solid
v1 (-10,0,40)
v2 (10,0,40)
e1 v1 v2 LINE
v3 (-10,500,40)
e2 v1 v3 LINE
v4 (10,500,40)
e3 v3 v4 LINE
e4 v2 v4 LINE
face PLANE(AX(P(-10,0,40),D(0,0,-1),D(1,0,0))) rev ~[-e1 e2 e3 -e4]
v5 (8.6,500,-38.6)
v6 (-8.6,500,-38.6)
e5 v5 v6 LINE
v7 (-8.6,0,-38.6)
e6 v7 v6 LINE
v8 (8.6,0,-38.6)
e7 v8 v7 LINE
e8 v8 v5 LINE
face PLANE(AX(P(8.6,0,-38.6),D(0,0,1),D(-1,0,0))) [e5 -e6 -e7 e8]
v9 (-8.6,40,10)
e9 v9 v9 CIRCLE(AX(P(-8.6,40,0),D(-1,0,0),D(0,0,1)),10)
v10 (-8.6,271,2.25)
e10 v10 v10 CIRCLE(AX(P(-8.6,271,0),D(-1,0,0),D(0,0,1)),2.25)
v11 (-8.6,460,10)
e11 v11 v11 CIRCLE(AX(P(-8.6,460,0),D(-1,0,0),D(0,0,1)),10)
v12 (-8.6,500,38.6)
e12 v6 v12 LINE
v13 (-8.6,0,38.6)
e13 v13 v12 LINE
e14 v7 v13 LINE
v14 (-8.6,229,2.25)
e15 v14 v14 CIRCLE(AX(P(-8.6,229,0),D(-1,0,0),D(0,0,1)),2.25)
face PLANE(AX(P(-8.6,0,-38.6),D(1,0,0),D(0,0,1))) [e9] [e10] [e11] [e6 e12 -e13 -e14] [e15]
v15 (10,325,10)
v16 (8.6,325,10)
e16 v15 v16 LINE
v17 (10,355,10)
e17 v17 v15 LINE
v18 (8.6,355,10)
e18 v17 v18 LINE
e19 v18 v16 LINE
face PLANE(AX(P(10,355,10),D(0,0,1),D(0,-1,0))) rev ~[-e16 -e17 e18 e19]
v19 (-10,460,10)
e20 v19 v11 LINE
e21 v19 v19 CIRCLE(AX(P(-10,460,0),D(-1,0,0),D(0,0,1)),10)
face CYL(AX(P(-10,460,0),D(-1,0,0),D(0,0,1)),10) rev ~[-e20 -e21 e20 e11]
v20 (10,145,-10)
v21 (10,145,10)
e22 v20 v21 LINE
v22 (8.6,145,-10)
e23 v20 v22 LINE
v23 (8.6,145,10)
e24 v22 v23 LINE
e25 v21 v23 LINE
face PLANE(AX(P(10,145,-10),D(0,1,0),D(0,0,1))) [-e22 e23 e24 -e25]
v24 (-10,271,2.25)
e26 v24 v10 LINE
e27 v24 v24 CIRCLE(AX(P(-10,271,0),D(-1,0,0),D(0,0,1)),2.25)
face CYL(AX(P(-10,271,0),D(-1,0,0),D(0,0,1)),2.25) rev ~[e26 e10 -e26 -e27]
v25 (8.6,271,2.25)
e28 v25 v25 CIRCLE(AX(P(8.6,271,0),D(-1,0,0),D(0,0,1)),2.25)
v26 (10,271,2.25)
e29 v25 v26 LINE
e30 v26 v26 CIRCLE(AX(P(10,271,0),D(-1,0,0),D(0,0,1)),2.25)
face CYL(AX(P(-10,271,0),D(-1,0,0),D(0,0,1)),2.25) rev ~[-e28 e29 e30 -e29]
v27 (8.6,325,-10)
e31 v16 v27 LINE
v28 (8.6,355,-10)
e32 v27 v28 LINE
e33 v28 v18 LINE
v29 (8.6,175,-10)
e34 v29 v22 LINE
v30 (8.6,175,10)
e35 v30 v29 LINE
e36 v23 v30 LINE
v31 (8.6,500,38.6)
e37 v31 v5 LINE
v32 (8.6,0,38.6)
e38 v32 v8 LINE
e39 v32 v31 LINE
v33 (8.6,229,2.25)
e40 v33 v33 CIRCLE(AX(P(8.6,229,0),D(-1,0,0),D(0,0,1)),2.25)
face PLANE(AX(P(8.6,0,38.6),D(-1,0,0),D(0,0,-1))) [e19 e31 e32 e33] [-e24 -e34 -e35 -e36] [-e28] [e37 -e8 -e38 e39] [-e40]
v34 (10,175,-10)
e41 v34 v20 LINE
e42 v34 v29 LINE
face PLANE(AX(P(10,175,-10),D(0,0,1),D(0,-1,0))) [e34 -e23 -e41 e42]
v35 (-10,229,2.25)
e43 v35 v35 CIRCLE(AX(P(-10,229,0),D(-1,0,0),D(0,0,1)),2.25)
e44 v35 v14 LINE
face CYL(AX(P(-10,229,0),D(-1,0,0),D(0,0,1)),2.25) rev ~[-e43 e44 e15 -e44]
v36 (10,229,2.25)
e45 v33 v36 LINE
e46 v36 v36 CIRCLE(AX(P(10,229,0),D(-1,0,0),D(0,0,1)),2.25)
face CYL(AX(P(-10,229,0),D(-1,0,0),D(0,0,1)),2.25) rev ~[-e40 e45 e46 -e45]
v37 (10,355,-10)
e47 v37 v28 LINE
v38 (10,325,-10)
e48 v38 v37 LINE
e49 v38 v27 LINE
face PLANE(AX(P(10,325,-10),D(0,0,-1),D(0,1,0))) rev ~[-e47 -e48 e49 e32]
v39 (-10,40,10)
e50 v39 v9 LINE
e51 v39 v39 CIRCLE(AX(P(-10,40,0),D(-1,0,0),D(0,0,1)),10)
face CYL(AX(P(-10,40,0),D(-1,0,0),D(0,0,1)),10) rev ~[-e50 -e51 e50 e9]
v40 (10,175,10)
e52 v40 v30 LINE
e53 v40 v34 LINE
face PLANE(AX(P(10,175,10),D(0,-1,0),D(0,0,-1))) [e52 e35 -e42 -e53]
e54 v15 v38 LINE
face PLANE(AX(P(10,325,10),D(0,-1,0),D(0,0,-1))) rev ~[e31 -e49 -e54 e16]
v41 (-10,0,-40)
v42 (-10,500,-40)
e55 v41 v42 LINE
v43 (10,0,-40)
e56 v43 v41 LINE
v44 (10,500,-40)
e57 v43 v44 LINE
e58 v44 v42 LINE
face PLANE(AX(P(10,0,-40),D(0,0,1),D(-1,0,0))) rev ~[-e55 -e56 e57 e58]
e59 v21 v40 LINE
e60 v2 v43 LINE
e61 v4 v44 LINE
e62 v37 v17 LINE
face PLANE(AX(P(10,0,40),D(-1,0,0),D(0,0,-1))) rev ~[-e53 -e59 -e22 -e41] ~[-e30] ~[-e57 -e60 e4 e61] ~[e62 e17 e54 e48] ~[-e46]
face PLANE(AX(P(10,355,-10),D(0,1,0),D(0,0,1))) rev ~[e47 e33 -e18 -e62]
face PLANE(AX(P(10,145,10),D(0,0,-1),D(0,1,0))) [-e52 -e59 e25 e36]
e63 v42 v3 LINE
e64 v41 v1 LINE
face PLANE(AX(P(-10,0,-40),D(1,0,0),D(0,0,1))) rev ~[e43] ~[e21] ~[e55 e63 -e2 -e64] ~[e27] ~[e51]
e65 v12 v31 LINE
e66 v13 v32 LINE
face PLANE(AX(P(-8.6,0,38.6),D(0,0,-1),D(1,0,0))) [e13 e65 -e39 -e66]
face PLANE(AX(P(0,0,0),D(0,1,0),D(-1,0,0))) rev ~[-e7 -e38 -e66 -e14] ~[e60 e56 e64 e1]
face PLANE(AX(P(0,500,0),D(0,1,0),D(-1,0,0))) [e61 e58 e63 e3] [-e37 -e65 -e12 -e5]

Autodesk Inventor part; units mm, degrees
ref_plane "YZ Plane" through (0, 0, 0) normal (1, 0, 0) x (0, 1, 0)
ref_plane "XZ Plane" through (0, 0, 0) normal (0, 1, 0) x (-1, 0, 0)
ref_plane "XY Plane" through (0, 0, 0) normal (0, 0, 1) x (1, 0, 0)
sketch "Szkic2" plane through (0, 0, 0) normal (0, 1, 0) x (-1, 0, 0)
  line L0 (10, 40) -> (-10, 40)
  line L1 (-10, 40) -> (-10, -40)
  line L2 (-10, -40) -> (10, -40)
  line L3 (10, -40) -> (10, 40)
  line L4 (10, 40) -> (-10, -40) construction
  line L5 (-10, 40) -> (10, -40) construction
  line L6 (8.6, 38.6) -> (-8.6, 38.6)
  line L7 (-8.6, 38.6) -> (-8.6, -38.6)
  line L8 (-8.6, -38.6) -> (8.6, -38.6)
  line L9 (8.6, -38.6) -> (8.6, 38.6)
  line L10 (8.6, 38.6) -> (-8.6, -38.6) construction
  line L11 (-8.6, 38.6) -> (8.6, -38.6) construction
  point P0 (0, 0)
  point P1 (0, -40)
  dimension "d14" = 20
  dimension "d15" = 80
  dimension "d16" = 1.4
  dimension "d17" = 1.4
extrude "Wyciągnięcie proste2" add sketch "Szkic2" along normal blind 500
sketch "Szkic3" plane through (-10, 0, -40) normal (-1, 0, 0) x (0, 0, 1)
  circle A0 centre (40, 229) radius 2.25
  circle A1 centre (40, 271) radius 2.25
  line L0 (0, 0) -> (0, 500) projected
  line L1 (0, 500) -> (80, 500) projected
  point P0 (40, 0)
  point P1 (40, 250)
  point P2 (40, 500)
  dimension "d20" = 4.5
  dimension "d21" = 4.5
  dimension "d22" = 21
  dimension "d23" = 21
  dimension "d24" = 40
  dimension "d25" = 40
  dimension "d26" = 40
  dimension "d27" = 250
extrude "Wyciągnięcie proste3" cut sketch "Szkic3" against normal blind 20
sketch "Szkic4" plane through (-10, 0, -40) normal (-1, 0, 0) x (0, 0, 1)
  point P0 (40, 0)
sketch "Szkic5" plane through (10, 0, 40) normal (1, 0, 0) x (0, 0, -1)
  point P0 (40, 0)
sketch "Szkic6" plane through (10, 0, 40) normal (1, 0, 0) x (0, 0, -1)
  point P0 (40, 0)
sketch "Szkic7" plane through (10, 0, 40) normal (1, 0, 0) x (0, 0, -1)
  line L0 (80, 0) -> (80, 500) projected
  line L1 (80, 250) -> (0, 250)
  line L2 (1.4, 0) -> (1.4, 500) projected
  line L3 (80, 250) -> (160, 250) construction
  line L4 (50, 355) -> (30, 355)
  line L5 (30, 355) -> (30, 325)
  line L6 (30, 325) -> (50, 325)
  line L7 (50, 325) -> (50, 355)
  line L8 (50, 355) -> (30, 325) construction
  line L9 (30, 355) -> (50, 325) construction
  line L10 (50, 145) -> (30, 145)
  line L11 (30, 145) -> (30, 175)
  line L12 (30, 175) -> (50, 175)
  line L13 (50, 175) -> (50, 145)
  point P0 (40, 0)
  point P1 (40, 340)
  dimension "d30" = 80
  dimension "d31" = 180
  dimension "d32" = 20
  dimension "d33" = 30
  dimension "d34" = 90
  dimension "d35" = 40
extrude "Wyciągnięcie proste4" cut sketch "Szkic7" against normal blind 1.4
sketch "Szkic8" plane through (-10, 0, -40) normal (-1, 0, 0) x (0, 0, 1)
  line L0 (0, 0) -> (0, 500) projected
  line L1 (0, 250) -> (80, 250)
  line L2 (80, 0) -> (80, 500) projected
  line L3 (0, 250) -> (80, 250) construction
  circle A0 centre (40, 40) radius 10
  line L4 (0, 0) -> (80, 0) projected
  circle A1 centre (40, 460) radius 10
  point P0 (40, 0)
  point P1 (40, 0)
  dimension "d38" = 80
  dimension "d39" = 0
  dimension "d40" = 20
  dimension "d41" = 40
  dimension "d42" = 40
extrude "Wyciągnięcie proste5" cut sketch "Szkic8" against normal blind 1.4 contours A0 | A1
properties part number "belka" material "Aluminium 6061"
